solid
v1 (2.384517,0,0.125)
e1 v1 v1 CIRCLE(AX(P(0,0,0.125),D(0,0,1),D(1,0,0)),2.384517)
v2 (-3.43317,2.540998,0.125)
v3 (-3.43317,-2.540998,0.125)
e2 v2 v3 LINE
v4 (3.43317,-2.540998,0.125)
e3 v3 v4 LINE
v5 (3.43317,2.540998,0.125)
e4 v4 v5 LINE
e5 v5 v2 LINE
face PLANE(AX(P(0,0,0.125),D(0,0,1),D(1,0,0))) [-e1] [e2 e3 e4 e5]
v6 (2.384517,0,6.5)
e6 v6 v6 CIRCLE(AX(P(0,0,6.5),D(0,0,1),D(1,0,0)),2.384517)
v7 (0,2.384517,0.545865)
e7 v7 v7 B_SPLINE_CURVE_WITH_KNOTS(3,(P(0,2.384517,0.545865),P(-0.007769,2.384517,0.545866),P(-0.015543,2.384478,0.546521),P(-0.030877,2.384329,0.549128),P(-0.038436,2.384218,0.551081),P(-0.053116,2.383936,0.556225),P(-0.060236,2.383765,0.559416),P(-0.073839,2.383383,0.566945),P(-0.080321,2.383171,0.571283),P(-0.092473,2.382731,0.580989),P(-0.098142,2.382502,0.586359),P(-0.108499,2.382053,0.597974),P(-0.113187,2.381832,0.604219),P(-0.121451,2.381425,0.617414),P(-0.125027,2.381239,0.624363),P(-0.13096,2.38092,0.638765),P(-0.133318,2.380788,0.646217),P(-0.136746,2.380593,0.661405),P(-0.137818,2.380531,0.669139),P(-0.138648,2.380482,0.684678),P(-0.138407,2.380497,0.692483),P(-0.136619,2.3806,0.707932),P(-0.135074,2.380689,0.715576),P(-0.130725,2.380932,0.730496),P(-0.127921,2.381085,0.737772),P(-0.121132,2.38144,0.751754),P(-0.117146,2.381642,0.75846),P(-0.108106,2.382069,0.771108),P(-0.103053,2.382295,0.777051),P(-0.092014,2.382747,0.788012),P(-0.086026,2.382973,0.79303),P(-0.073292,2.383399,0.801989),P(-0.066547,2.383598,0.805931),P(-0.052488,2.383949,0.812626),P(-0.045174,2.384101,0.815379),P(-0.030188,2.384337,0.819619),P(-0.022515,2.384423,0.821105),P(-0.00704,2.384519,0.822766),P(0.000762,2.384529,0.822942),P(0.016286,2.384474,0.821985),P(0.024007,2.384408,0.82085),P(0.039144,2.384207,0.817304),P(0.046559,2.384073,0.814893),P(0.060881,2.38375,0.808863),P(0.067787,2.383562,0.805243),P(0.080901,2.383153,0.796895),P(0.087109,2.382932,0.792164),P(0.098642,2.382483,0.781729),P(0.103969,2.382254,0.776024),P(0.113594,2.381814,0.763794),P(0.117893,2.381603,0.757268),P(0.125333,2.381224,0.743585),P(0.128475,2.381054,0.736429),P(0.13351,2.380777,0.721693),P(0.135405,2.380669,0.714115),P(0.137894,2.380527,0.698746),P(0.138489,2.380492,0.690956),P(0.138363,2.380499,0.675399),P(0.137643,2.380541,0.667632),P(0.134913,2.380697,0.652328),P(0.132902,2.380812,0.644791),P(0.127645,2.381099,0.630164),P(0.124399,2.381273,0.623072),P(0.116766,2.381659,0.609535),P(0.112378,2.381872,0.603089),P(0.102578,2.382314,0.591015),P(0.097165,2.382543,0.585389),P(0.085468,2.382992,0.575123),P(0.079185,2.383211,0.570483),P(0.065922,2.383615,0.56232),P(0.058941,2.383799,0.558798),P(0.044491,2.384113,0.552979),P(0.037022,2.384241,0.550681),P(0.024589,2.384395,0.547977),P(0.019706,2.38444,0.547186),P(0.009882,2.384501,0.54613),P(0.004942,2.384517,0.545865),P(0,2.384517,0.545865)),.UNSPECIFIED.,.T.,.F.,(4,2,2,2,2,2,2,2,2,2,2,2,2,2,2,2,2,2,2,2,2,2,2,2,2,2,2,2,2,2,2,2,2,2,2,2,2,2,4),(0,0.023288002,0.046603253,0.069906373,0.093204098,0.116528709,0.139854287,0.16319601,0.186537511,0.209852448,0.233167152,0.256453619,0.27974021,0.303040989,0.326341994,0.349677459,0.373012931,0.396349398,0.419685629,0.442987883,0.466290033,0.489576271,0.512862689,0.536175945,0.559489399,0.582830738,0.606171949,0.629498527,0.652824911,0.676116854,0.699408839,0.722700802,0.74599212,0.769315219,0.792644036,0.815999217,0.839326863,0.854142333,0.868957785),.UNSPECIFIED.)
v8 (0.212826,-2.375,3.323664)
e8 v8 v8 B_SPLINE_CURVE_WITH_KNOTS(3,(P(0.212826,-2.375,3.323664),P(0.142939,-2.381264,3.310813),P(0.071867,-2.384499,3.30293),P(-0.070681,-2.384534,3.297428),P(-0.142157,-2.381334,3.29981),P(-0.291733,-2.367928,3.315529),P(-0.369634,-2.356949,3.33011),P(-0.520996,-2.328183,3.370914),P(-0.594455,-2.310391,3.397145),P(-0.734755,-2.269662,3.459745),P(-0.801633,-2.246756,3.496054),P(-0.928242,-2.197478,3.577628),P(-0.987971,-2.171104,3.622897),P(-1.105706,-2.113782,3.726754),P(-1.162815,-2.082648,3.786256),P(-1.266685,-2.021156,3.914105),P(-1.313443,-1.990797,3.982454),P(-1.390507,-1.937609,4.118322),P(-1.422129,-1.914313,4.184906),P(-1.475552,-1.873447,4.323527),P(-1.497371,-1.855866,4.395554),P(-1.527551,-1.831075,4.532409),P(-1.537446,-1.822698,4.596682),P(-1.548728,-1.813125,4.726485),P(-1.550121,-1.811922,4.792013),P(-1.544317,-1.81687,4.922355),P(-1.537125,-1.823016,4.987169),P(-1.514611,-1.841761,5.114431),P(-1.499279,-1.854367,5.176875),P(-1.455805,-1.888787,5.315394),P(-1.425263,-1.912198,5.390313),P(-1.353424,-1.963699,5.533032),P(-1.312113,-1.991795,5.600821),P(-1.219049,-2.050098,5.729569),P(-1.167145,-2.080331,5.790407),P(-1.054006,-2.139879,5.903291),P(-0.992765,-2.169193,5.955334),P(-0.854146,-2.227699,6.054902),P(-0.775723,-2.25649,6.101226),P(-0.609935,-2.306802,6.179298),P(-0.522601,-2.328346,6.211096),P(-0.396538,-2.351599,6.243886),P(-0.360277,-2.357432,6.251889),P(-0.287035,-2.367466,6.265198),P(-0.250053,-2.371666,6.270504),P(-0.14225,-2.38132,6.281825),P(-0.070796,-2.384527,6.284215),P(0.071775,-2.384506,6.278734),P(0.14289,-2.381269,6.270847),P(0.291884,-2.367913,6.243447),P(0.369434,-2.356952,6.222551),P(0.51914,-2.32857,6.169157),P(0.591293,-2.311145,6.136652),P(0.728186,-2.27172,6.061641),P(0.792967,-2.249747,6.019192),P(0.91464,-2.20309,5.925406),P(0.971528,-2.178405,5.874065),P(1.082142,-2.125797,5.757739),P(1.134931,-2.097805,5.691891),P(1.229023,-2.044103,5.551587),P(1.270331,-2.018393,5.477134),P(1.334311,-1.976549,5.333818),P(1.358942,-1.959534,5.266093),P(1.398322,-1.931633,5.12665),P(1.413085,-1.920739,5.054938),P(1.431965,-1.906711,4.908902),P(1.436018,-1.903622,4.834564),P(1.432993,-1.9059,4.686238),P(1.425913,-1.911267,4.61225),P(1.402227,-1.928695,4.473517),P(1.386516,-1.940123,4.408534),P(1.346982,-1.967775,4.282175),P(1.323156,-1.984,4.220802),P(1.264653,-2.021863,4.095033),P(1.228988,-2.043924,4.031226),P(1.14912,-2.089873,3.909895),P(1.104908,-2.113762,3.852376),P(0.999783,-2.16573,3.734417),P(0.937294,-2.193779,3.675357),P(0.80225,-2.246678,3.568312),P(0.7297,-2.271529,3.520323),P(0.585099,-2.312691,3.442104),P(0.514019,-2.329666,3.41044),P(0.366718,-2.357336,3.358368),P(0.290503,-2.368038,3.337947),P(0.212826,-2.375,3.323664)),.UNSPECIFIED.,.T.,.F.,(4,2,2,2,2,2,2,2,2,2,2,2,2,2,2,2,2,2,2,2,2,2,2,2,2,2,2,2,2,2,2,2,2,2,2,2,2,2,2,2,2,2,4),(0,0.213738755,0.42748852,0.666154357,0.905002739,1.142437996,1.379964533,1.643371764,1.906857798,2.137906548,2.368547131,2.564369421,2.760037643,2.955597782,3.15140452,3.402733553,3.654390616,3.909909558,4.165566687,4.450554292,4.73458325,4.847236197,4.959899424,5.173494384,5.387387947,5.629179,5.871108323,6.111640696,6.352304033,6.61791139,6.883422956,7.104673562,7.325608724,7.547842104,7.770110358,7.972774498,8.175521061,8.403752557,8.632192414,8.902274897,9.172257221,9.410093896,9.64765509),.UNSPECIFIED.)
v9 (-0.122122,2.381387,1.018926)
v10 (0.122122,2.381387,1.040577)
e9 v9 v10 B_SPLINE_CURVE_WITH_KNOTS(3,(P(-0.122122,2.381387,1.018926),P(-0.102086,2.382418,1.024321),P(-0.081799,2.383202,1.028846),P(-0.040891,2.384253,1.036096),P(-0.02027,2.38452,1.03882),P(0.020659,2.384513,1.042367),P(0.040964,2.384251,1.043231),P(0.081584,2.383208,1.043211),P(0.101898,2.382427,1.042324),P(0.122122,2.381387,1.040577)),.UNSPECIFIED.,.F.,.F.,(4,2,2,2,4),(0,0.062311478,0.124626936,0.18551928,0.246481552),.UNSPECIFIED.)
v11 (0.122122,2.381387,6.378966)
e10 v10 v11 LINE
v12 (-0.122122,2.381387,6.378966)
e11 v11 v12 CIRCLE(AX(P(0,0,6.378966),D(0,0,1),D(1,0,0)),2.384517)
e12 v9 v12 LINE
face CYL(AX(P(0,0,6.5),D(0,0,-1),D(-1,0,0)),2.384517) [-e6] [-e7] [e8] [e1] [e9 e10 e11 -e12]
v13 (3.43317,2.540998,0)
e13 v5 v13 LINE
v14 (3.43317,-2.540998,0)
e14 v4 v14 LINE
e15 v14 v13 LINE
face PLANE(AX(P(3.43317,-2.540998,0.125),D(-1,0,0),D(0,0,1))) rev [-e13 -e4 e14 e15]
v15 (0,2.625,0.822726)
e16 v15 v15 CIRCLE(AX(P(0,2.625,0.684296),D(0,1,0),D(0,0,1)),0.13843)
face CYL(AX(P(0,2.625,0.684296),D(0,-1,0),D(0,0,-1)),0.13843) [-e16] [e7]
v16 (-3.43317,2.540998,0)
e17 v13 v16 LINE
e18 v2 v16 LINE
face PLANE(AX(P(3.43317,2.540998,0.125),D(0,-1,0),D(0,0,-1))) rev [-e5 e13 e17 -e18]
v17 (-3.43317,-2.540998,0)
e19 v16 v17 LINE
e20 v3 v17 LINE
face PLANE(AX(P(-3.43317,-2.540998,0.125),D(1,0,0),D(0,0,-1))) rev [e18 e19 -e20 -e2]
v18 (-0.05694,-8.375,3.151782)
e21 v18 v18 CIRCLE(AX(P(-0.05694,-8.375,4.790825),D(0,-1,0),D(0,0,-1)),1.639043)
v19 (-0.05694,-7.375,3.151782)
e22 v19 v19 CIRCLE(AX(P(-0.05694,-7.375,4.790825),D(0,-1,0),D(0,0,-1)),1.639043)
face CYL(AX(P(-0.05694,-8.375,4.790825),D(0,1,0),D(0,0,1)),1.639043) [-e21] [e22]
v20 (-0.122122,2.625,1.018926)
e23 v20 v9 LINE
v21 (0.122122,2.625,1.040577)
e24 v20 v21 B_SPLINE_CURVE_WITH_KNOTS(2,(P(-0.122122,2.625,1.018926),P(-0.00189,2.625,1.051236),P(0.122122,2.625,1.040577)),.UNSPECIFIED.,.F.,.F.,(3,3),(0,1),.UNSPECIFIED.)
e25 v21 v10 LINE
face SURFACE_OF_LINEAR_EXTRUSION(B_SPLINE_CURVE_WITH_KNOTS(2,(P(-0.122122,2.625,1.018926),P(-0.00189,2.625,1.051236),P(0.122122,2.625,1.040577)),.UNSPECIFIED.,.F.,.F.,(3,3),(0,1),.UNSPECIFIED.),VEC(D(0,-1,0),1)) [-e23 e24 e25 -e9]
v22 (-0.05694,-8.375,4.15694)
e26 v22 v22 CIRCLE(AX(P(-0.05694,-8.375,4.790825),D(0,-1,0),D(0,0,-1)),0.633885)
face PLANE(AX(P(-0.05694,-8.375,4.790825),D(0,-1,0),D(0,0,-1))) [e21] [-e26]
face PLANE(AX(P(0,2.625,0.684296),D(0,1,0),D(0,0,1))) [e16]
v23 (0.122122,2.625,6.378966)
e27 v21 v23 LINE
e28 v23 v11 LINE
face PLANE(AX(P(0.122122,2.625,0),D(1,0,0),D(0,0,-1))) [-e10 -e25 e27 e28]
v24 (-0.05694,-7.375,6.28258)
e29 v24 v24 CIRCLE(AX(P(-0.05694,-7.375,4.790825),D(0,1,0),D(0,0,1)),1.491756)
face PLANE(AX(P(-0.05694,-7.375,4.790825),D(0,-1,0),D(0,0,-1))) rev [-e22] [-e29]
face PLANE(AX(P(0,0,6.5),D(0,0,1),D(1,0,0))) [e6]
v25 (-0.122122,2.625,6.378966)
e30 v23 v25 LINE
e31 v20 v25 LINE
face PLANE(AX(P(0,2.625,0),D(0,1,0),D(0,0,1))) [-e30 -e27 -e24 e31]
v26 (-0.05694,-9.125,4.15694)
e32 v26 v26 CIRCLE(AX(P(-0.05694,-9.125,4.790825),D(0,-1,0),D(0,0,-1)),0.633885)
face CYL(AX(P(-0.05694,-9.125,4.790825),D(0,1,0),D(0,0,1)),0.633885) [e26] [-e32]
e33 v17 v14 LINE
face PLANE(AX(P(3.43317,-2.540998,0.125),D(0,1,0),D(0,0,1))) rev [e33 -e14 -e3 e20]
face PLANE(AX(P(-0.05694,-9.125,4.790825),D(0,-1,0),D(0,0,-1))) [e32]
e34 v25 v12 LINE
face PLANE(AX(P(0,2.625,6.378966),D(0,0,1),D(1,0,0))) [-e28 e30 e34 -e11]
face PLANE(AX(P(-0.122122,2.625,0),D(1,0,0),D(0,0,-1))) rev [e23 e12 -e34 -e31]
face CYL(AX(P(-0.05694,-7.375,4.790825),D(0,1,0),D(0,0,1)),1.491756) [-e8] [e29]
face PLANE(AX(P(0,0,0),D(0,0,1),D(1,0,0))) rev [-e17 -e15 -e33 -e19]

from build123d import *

# Parameters (mm, degrees)
SKETCH2_W           = 54.93072207
SKETCH2_H           = 40.655962058
BOSS_EXTRUDE1_DEPTH = 1
SKETCH3_R           = 19.076133807
BOSS_EXTRUDE2_DEPTH = 51
SKETCH4_R           = 11.934045709
BOSS_EXTRUDE3_DEPTH = 40
BOSS_EXTRUDE4_START = 10
SKETCH5_R           = 11.934045709
BOSS_EXTRUDE4_DEPTH = 10
SKETCH6_R           = 13.112340193
BOSS_EXTRUDE5_DEPTH = 8
SKETCH7_R           = 5.071080503
BOSS_EXTRUDE6_DEPTH = 6
SKETCH8_R           = 1.107443945
BOSS_EXTRUDE7_DEPTH = 2
SCALE1_SCALE        = 0.5
SCALE2_SCALE        = 0.5
SCALE3_SCALE        = 0.5


with BuildPart() as part:
    # Sketch2 → Boss-Extrude1 (new body)
    with BuildSketch(Plane.XY):
        Rectangle(SKETCH2_W, SKETCH2_H)
    extrude(amount=BOSS_EXTRUDE1_DEPTH)

    # Sketch3 → Boss-Extrude2 (add)
    with BuildSketch(Plane.XY.offset(1)):
        Circle(SKETCH3_R)
    extrude(amount=BOSS_EXTRUDE2_DEPTH)

    # Sketch4 → Boss-Extrude3 (add)
    with BuildSketch(Plane(origin=(0, -19, 0), x_dir=(1, 0, 0), z_dir=(0, 1, 0))):
        with Locations(Location((-0.455521122, -38.326598174, 0), (0, 0, 270))):
            Circle(SKETCH4_R)
    extrude(amount=-BOSS_EXTRUDE3_DEPTH)

    # Sketch5 → Boss-Extrude4 (add)
    with BuildSketch(Plane(origin=(0, -19, 0), x_dir=(1, 0, 0), z_dir=(0, 1, 0)).offset(BOSS_EXTRUDE4_START)):
        with Locations(Location((-0.455521122, -38.326598174, 0), (0, 0, 270))):
            Circle(SKETCH5_R)
    extrude(amount=-BOSS_EXTRUDE4_DEPTH)

    # Sketch6 → Boss-Extrude5 (add)
    with BuildSketch(Plane.XZ.offset(59)):
        with Locations(Location((-0.455521122, 38.326598174, 0), (0, 0, 270))):
            Circle(SKETCH6_R)
    extrude(amount=BOSS_EXTRUDE5_DEPTH)

    # Sketch7 → Boss-Extrude6 (add)
    with BuildSketch(Plane.XZ.offset(67)):
        with Locations(Location((-0.455521122, 38.326598174, 0), (0, 0, 270))):
            Circle(SKETCH7_R)
    extrude(amount=BOSS_EXTRUDE6_DEPTH)

    # Sketch8 → Boss-Extrude7 (add)
    with BuildSketch(Plane(origin=(0, 19, 0), x_dir=(1, 0, 0), z_dir=(0, 1, 0))):
        with BuildLine():
            add(Edge.make_bspline(
                [(-0.976975476, -8.151409565), (-0.015117663, -8.40988659), (0.976975476, -8.324614056)],
                knots=[0, 0, 0, 1, 1, 1], degree=2))
            Line((0.976975476, -8.324614056), (0.976975476, -51.031726638))
            Line((0.976975476, -51.031726638), (-0.976975476, -51.031726638))
            Line((-0.976975476, -51.031726638), (-0.976975476, -8.151409565))
        make_face()
        with Locations(Location((0, -5.474365912, 0), (0, 0, 90))):
            Circle(SKETCH8_R)
    extrude(amount=BOSS_EXTRUDE7_DEPTH)


with BuildPart() as part_1:
    # Scale1: scaled about (0, 0, 0)
    add(part.part.scale(SCALE1_SCALE))


with BuildPart() as part_2:
    # Scale2: scaled about (0, 0, 0)
    add(part_1.part.scale(SCALE2_SCALE))


with BuildPart() as part_3:
    # Scale3: scaled about (0, 0, 0)
    add(part_2.part.scale(SCALE3_SCALE))


solid = part_3.part
